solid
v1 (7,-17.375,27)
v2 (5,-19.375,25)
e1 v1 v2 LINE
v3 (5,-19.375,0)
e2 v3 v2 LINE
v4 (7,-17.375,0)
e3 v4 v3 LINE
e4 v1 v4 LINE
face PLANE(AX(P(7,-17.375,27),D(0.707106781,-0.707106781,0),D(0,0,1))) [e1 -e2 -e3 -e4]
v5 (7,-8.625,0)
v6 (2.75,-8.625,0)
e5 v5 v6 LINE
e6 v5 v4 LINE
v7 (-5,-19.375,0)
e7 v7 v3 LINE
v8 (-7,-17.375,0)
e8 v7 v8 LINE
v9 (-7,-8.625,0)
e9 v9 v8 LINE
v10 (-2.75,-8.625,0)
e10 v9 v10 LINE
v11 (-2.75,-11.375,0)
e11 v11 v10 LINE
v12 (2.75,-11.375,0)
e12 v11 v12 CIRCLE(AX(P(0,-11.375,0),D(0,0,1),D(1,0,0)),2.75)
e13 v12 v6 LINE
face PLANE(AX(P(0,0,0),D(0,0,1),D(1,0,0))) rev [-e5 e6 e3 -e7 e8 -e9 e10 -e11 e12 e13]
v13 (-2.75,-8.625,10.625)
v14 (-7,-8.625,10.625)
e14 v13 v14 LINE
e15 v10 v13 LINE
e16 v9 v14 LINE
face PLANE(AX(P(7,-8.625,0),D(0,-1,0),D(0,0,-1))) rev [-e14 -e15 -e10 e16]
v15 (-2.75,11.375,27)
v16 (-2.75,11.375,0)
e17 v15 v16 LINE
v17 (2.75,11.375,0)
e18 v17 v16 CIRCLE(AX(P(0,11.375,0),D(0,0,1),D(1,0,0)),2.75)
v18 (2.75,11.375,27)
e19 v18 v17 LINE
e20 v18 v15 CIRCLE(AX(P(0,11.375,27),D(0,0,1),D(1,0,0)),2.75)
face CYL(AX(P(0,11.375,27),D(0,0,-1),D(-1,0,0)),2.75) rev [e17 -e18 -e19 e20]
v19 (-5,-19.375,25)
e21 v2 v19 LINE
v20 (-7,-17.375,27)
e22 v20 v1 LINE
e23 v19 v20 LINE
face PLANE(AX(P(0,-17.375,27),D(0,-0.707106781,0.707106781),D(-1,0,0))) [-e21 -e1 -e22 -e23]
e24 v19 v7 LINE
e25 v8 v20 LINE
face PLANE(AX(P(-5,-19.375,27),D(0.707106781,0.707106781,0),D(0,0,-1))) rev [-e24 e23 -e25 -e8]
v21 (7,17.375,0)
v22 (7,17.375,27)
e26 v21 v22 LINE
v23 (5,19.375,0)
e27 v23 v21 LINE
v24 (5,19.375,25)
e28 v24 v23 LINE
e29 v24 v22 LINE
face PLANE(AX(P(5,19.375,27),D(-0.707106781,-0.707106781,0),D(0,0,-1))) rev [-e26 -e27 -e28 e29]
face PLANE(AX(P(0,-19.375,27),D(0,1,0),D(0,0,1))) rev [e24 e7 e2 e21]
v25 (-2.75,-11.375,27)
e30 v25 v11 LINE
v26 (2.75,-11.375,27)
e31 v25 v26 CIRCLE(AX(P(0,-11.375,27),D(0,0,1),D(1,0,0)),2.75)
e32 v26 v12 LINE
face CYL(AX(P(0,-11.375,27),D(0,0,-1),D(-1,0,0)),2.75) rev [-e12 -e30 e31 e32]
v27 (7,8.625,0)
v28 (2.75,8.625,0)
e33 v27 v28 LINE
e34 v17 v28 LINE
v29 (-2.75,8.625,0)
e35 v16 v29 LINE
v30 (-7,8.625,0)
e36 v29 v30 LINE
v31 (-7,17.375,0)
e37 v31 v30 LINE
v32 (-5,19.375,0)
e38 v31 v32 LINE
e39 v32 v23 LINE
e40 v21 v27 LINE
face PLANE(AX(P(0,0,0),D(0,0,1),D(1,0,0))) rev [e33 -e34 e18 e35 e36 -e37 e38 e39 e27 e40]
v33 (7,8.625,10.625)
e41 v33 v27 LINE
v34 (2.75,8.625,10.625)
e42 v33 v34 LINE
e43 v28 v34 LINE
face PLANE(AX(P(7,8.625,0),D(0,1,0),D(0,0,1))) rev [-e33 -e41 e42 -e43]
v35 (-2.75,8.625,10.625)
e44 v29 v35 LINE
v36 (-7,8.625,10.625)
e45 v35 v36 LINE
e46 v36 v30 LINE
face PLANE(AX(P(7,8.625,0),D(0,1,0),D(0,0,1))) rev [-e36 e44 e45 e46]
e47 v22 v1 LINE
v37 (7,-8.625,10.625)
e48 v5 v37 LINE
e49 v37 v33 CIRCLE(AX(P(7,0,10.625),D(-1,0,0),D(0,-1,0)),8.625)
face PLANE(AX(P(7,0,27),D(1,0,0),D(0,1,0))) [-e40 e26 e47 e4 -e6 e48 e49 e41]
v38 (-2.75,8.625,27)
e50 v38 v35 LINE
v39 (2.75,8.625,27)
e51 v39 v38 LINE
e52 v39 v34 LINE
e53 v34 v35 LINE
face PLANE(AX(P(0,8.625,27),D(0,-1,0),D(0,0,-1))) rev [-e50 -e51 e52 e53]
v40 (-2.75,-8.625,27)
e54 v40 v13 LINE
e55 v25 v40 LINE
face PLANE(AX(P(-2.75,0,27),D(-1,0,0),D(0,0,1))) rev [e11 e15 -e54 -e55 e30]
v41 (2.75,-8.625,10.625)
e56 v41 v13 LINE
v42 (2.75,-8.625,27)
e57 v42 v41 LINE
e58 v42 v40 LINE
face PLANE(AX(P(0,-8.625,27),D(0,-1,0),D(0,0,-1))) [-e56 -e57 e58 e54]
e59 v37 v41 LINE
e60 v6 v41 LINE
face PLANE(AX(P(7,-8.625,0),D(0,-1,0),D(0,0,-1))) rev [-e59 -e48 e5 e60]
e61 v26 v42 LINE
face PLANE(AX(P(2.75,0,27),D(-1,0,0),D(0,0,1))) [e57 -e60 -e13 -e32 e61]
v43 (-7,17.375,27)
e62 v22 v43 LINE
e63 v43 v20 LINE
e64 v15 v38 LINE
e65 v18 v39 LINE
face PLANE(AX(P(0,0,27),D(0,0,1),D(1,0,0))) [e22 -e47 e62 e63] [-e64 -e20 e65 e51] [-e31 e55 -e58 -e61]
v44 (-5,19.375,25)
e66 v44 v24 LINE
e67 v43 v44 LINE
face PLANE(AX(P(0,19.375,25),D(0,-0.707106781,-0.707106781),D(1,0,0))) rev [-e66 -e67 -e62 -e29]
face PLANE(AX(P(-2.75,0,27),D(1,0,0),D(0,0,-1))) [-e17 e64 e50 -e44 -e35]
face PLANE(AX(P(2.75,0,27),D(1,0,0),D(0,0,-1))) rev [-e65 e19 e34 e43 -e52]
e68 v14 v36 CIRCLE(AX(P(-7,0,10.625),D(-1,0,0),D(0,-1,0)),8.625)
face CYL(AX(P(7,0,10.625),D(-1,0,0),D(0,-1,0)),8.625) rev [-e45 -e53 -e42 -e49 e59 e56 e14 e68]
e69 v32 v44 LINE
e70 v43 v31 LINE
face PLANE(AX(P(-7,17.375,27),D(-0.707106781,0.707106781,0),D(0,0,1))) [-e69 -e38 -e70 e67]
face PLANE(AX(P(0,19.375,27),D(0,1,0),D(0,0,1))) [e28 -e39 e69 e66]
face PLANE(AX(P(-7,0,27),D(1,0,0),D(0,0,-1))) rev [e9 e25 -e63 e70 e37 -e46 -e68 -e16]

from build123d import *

# Parameters (mm, degrees)
SKETCH1_W           = 14
SKETCH1_H           = 38.75
BOSS_EXTRUDE1_DEPTH = 27
SKETCH2_R           = 8.625
CUT_EXTRUDE1_DEPTH  = 15
CHAMFER1_SIZE       = 2
CHAMFER2_SIZE       = 2


with BuildPart() as part:
    # Sketch1 → Boss-Extrude1 (new body)
    with BuildSketch(Plane.XY):
        Rectangle(SKETCH1_W, SKETCH1_H)
        with BuildLine():
            ThreePointArc((2.75, -11.375), (0, -14.125), (-2.75, -11.375))
            Line((-2.75, -11.375), (-2.75, -8.625))
            Line((-2.75, -8.625), (0, -8.625))
            Line((0, -8.625), (2.75, -8.625))
            Line((2.75, -8.625), (2.75, -11.375))
        make_face(mode=Mode.SUBTRACT)
        with BuildLine():
            Line((-2.75, 8.625), (-2.75, 11.375))
            ThreePointArc((-2.75, 11.375), (0, 14.125), (2.75, 11.375))
            Line((2.75, 11.375), (2.75, 8.625))
            Line((2.75, 8.625), (0, 8.625))
            Line((0, 8.625), (-2.75, 8.625))
        make_face(mode=Mode.SUBTRACT)
    extrude(amount=BOSS_EXTRUDE1_DEPTH)

    # Sketch2 → Cut-Extrude1 (cut, through all)
    with BuildSketch(Plane.ZY.offset(7)):
        with BuildLine():
            ThreePointArc((10.625, -8.625), (2, 0), (10.625, 8.625))
            Line((10.625, 8.625), (0, 8.625))
            Line((0, 8.625), (0, 0))
            Line((0, 0), (0, -8.625))
            Line((0, -8.625), (10.625, -8.625))
        make_face()
        with Locations((10.625, 0)):
            Circle(SKETCH2_R)
    extrude(amount=-CUT_EXTRUDE1_DEPTH, mode=Mode.SUBTRACT)

    # Chamfer1
    chamfer1_edges = [part.edges().sort_by_distance(p)[0] for p in [
        (7, -19.375, 13.5),
        (-7, -19.375, 13.5),
        (-7, 19.375, 13.5),
        (7, 19.375, 13.5),
    ]]
    chamfer(chamfer1_edges, length=CHAMFER1_SIZE)

    # Chamfer2
    chamfer2_edges = [part.edges().sort_by_distance(p)[0] for p in [
        (0, -19.375, 27),
        (0, 19.375, 27),
    ]]
    chamfer(chamfer2_edges, length=CHAMFER2_SIZE)


solid = part.part
